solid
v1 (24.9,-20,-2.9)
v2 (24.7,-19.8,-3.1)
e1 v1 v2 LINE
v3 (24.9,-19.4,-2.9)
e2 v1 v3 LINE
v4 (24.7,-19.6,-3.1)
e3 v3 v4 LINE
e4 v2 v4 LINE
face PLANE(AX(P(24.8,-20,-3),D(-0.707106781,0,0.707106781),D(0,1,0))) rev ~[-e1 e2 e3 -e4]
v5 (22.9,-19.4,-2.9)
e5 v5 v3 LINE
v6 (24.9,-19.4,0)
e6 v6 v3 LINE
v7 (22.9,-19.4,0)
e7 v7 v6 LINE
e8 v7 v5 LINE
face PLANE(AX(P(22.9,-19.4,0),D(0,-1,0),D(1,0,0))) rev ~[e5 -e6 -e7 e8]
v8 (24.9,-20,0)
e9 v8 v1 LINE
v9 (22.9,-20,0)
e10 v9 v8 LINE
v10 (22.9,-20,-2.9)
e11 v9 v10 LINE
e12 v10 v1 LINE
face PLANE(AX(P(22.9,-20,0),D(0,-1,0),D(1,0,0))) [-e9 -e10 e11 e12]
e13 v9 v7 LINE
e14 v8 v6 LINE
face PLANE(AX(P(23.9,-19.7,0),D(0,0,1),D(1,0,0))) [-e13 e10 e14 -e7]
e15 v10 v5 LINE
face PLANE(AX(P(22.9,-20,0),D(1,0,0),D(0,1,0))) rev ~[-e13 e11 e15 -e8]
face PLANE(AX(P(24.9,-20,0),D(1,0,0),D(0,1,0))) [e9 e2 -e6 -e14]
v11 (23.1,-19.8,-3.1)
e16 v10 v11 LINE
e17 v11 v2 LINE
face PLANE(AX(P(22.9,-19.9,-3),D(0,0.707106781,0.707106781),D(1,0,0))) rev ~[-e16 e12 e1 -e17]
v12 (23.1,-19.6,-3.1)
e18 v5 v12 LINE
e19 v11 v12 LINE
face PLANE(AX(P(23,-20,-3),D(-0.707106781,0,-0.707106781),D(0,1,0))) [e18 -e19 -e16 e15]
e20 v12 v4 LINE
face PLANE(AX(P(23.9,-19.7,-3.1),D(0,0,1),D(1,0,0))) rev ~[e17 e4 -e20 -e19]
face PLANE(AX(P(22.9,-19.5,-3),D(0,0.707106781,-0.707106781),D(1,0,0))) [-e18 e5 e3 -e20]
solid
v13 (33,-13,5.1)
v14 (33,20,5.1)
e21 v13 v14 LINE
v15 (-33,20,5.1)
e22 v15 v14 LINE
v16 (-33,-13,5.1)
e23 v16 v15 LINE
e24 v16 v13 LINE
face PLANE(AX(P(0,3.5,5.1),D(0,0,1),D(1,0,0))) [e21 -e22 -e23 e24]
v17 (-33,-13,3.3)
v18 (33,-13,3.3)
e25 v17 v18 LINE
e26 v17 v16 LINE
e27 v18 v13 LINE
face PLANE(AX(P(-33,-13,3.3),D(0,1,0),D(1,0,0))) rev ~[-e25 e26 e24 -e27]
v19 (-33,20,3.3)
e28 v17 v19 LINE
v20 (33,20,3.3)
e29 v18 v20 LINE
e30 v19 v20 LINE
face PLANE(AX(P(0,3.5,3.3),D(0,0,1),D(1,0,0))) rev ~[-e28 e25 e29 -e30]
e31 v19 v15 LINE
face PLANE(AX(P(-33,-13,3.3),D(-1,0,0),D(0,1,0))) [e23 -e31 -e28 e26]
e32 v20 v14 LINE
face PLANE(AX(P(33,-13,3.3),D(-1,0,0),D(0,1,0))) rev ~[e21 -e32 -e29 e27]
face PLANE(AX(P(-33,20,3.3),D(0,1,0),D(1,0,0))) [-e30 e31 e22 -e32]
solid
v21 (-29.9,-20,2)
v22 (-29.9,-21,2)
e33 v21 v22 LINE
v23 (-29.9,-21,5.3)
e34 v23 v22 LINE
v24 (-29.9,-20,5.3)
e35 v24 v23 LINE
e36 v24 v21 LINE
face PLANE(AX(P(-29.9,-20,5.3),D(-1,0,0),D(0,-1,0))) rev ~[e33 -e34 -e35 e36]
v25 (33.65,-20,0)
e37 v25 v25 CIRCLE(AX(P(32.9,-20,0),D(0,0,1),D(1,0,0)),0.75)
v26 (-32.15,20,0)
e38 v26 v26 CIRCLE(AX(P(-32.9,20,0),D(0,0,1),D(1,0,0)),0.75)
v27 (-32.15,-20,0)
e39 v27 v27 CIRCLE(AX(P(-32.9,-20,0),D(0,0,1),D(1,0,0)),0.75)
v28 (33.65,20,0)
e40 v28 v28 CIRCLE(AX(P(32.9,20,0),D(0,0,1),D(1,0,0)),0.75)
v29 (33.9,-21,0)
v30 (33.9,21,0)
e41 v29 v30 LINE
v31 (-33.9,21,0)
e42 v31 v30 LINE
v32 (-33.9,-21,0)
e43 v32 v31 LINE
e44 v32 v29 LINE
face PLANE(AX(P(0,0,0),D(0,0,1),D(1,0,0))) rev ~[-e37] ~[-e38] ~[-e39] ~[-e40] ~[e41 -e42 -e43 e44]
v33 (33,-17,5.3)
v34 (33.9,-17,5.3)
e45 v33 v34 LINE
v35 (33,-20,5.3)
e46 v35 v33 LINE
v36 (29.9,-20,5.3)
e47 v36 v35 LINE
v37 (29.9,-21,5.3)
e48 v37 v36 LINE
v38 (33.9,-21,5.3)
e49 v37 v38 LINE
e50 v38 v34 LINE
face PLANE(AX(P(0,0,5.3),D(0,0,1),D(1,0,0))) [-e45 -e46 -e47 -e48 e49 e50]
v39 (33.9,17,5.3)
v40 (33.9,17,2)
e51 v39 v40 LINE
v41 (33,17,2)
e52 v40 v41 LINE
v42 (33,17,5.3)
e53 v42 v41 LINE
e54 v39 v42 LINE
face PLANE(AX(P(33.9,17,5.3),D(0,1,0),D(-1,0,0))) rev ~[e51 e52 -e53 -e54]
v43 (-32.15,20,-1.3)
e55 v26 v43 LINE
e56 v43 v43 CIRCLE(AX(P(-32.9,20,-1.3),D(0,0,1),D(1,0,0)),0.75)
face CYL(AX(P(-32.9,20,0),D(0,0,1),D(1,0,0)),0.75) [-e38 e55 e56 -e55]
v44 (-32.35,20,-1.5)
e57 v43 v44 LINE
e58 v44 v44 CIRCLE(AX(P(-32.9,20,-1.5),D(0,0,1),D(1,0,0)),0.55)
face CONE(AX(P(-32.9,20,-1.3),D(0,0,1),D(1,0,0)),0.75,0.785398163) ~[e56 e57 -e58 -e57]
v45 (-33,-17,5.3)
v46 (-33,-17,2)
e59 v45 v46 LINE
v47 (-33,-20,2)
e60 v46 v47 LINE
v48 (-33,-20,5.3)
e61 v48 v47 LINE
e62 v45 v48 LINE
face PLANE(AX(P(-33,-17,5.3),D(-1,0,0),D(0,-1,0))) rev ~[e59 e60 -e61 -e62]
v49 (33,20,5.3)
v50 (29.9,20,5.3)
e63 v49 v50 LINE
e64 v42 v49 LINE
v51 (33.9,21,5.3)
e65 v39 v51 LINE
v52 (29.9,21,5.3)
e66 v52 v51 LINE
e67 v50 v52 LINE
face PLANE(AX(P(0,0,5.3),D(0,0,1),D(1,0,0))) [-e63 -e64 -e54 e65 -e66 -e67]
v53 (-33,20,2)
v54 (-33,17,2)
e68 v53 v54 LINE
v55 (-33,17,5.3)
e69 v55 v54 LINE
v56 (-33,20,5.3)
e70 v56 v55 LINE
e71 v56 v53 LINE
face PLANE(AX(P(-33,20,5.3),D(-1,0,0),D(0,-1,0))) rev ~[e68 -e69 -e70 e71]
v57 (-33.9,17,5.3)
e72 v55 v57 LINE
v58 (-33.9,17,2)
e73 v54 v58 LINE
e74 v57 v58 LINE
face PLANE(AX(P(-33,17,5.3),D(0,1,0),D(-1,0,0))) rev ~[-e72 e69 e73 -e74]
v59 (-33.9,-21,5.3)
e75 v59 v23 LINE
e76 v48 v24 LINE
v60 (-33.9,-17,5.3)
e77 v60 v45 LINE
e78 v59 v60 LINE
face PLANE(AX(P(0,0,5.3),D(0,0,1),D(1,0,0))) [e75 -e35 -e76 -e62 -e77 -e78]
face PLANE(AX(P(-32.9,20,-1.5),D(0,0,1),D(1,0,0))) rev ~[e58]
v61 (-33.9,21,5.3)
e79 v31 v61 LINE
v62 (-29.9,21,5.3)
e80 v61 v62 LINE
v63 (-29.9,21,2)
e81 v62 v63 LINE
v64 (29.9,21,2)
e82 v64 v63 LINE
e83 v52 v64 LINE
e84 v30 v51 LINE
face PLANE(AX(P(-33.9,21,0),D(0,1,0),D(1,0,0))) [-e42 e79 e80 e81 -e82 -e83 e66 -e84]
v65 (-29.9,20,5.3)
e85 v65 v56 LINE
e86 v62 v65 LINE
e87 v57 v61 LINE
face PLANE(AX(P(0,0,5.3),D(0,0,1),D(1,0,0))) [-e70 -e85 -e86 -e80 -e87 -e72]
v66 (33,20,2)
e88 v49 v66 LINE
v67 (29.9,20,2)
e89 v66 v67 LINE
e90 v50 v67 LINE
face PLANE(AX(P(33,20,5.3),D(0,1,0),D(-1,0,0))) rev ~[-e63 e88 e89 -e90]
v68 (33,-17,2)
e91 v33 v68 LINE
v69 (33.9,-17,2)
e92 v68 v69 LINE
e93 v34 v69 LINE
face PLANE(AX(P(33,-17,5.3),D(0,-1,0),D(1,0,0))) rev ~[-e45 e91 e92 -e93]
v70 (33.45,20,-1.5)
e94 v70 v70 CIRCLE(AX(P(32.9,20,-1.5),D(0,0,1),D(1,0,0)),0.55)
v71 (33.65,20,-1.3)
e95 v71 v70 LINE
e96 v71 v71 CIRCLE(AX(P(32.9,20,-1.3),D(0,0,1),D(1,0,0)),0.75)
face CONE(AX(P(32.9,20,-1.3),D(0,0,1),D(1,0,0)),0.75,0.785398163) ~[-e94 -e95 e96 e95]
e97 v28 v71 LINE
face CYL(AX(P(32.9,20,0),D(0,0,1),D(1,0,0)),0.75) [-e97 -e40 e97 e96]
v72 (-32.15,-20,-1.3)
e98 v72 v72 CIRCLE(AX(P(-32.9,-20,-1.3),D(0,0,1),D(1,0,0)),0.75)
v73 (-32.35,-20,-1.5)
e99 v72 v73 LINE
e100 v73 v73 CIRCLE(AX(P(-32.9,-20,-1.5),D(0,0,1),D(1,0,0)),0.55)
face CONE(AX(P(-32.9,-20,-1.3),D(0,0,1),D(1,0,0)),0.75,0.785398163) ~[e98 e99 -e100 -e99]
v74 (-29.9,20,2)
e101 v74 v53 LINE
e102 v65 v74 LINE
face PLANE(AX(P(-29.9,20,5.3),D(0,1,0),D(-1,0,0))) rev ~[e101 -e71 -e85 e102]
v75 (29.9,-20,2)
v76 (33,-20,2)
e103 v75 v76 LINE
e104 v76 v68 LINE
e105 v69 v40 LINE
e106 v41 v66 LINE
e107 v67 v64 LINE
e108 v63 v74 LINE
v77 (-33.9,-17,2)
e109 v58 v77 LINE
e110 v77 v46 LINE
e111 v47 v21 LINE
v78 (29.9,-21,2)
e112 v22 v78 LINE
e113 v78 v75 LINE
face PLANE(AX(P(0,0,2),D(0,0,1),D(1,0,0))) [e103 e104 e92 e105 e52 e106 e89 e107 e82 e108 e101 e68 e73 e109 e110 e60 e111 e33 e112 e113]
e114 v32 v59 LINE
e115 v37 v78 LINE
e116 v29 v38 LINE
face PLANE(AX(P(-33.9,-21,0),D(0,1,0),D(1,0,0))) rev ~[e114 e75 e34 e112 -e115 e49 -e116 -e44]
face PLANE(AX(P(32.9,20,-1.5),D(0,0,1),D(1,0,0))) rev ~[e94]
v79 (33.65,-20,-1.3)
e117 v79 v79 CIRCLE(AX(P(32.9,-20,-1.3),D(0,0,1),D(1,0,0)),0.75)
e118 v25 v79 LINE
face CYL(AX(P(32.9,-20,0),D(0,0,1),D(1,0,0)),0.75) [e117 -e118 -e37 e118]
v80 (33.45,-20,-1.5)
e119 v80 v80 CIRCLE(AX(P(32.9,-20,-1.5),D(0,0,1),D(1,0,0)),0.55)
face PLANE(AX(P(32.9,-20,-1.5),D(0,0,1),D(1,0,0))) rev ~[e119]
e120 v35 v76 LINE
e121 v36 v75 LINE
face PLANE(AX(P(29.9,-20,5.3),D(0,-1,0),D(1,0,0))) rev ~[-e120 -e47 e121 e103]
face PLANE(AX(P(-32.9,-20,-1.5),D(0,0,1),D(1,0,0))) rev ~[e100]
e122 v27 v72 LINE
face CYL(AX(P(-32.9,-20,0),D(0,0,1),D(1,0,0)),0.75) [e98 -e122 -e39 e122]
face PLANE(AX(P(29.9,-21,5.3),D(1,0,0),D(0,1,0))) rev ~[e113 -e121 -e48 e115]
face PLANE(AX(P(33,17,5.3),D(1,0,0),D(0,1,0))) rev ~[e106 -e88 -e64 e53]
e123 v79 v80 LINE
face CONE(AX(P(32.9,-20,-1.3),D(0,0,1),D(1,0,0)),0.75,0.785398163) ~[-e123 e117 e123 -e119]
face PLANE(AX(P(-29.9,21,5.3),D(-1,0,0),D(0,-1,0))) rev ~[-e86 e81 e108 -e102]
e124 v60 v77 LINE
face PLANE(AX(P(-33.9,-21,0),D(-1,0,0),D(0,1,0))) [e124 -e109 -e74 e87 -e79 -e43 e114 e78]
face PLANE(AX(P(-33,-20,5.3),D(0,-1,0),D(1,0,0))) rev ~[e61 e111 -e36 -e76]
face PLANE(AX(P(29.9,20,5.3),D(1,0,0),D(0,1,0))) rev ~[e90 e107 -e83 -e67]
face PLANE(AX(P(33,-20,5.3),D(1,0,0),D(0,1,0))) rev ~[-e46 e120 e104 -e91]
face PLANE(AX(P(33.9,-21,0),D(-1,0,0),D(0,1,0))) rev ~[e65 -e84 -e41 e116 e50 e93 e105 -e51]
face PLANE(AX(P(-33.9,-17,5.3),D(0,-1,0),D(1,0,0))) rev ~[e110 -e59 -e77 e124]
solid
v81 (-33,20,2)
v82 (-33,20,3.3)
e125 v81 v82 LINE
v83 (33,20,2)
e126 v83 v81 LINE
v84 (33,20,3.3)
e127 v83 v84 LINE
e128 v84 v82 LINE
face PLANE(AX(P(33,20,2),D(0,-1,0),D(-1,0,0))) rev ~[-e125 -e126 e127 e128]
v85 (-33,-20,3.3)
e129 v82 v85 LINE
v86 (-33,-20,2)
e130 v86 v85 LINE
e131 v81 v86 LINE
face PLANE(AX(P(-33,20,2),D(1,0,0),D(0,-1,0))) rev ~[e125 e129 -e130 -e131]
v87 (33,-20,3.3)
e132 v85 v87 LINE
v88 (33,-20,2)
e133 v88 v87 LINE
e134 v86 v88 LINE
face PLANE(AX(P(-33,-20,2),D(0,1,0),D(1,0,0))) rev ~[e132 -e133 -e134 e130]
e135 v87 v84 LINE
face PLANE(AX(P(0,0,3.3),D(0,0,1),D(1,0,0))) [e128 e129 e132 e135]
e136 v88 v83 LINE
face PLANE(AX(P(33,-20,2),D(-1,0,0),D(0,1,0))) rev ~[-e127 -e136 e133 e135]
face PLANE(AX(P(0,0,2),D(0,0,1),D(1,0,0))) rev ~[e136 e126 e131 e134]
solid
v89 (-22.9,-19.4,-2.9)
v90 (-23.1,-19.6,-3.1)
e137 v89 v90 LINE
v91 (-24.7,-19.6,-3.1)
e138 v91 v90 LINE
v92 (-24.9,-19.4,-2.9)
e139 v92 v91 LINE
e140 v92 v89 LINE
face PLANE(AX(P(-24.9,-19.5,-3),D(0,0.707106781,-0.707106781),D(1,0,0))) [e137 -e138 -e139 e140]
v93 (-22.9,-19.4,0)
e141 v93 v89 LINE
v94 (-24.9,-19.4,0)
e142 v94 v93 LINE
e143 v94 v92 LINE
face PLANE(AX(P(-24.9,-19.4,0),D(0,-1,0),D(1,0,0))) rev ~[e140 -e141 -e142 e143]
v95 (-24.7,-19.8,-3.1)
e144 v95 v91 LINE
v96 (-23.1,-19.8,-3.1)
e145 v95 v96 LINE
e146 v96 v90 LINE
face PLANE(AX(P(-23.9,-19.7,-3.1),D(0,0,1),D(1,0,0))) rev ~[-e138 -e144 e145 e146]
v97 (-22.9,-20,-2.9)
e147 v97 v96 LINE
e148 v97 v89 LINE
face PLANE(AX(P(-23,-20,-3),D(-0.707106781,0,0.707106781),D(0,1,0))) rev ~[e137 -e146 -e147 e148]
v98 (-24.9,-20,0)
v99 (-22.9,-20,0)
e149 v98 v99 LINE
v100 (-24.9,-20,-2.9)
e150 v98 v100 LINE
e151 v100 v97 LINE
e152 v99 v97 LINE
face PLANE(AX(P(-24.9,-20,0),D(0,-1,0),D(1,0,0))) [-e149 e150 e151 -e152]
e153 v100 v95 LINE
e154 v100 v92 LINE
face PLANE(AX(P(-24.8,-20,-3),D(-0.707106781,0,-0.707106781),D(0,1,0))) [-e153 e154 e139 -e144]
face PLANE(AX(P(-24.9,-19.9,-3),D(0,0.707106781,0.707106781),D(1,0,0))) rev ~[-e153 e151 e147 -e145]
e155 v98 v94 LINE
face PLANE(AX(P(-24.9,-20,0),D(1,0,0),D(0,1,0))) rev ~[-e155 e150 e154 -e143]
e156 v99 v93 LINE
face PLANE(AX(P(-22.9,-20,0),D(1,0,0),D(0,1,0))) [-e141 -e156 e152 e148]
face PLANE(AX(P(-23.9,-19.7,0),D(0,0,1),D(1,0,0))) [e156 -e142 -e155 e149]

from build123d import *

# Parameters (mm, degrees)
F0_W       = 67.8
F0_H       = 42
F0_R       = 0.75
F0_W_2     = 2
F0_H_2     = 0.6
F1_DEPTH   = 5.3
F2_DEPTH   = 1.5
F3_DEPTH   = 3.1
F5_DEPTH   = 3.3
F7_DEPTH   = 1.3
F8_W       = 66
F8_H       = 33
F9_DEPTH   = 1.8
F10_SIZE   = 0.2
F10_2_SIZE = 0.2
F10_3_SIZE = 0.2


with BuildPart() as f1:
    # F0 (on Top) → F1 (new body)
    with BuildSketch(Plane.XY):
        Rectangle(F0_W, F0_H)
        with Locations((-32.9, -20)):
            Circle(F0_R, mode=Mode.SUBTRACT)
        with Locations((-23.9, -19.7)):
            Rectangle(F0_W_2, F0_H_2, mode=Mode.SUBTRACT)
        with Locations((23.9, -19.7)):
            Rectangle(F0_W_2, F0_H_2, mode=Mode.SUBTRACT)
        with Locations((32.9, -20)):
            Circle(F0_R, mode=Mode.SUBTRACT)
        with Locations((-32.9, 20)):
            Circle(F0_R, mode=Mode.SUBTRACT)
        with Locations((32.9, 20)):
            Circle(F0_R, mode=Mode.SUBTRACT)
        with Locations((32.9, 20)):
            Circle(F0_R)
        with Locations((32.9, -20)):
            Circle(F0_R)
        with Locations((-32.9, 20)):
            Circle(F0_R)
        with Locations((-32.9, -20)):
            Circle(F0_R)
        with Locations((-23.9, -19.7)):
            Rectangle(F0_W_2, F0_H_2)
        with Locations((23.9, -19.7)):
            Rectangle(F0_W_2, F0_H_2)
    extrude(amount=F1_DEPTH)

    # F0 (on Top) → F2 (join)
    with BuildSketch(Plane.XY):
        with Locations((-32.9, -20)):
            Circle(F0_R)
        with Locations((32.9, -20)):
            Circle(F0_R)
        with Locations((32.9, 20)):
            Circle(F0_R)
        with Locations((-32.9, 20)):
            Circle(F0_R)
    extrude(amount=-F2_DEPTH)

    # F4 (on face) → F5 (cut)
    with BuildSketch(Plane.XY.offset(5.3)):
        Polygon((33, 17), (33, 20), (29.9, 20), (29.9, 21), (-29.9, 21), (-29.9, 20), (-33, 20), (-33, 17), (-33.9, 17), (-33.9, -17), (-33, -17), (-33, -20), (-29.9, -20), (-29.9, -21), (29.9, -21), (29.9, -20), (33, -20), (33, -17), (33.9, -17), (33.9, 17), align=None)
    extrude(amount=-F5_DEPTH, mode=Mode.SUBTRACT)

    # F10
    f10_edges = [f1.edges().sort_by_distance(p)[0] for p in [
        (-33.65, -20, -1.5),
        (32.15, -20, -1.5),
        (32.15, 20, -1.5),
        (-33.65, 20, -1.5),
    ]]
    chamfer(f10_edges, length=F10_SIZE)


with BuildPart() as f3:
    # F0 (on Top) → F3 (new body)
    with BuildSketch(Plane.XY):
        with Locations((-23.9, -19.7)):
            Rectangle(F0_W_2, F0_H_2)
    extrude(amount=-F3_DEPTH)

    # F10#2
    f10_2_edges = [f3.edges().sort_by_distance(p)[0] for p in [
        (-23.9, -20, -3.1),
        (-22.9, -19.7, -3.1),
        (-23.9, -19.4, -3.1),
        (-24.9, -19.7, -3.1),
    ]]
    chamfer(f10_2_edges, length=F10_2_SIZE)


with BuildPart() as f3b:
    # F0 (on Top) → F3, piece 2 (new body)
    with BuildSketch(Plane.XY):
        with Locations((23.9, -19.7)):
            Rectangle(F0_W_2, F0_H_2)
    extrude(amount=-F3_DEPTH)

    # F10#3
    f10_3_edges = [f3b.edges().sort_by_distance(p)[0] for p in [
        (23.9, -19.4, -3.1),
        (22.9, -19.7, -3.1),
        (23.9, -20, -3.1),
        (24.9, -19.7, -3.1),
    ]]
    chamfer(f10_3_edges, length=F10_3_SIZE)


with BuildPart() as f7:
    # F6 (on face) → F7 (new body)
    with BuildSketch(Plane.XY.offset(2)):
        Polygon((33, 17), (33, 20), (29.9, 20), (-29.9, 20), (-33, 20), (-33, 17), (-33, -17), (-33, -20), (-29.9, -20), (29.9, -20), (33, -20), (33, -17), align=None)
    extrude(amount=F7_DEPTH)


with BuildPart() as f9:
    # F8 (on face) → F9 (new body)
    with BuildSketch(Plane.XY.offset(3.3)):
        with Locations((0, 3.5)):
            Rectangle(F8_W, F8_H)
    extrude(amount=F9_DEPTH)


solid = Compound([f1.part, f3.part, f3b.part, f7.part, f9.part])
